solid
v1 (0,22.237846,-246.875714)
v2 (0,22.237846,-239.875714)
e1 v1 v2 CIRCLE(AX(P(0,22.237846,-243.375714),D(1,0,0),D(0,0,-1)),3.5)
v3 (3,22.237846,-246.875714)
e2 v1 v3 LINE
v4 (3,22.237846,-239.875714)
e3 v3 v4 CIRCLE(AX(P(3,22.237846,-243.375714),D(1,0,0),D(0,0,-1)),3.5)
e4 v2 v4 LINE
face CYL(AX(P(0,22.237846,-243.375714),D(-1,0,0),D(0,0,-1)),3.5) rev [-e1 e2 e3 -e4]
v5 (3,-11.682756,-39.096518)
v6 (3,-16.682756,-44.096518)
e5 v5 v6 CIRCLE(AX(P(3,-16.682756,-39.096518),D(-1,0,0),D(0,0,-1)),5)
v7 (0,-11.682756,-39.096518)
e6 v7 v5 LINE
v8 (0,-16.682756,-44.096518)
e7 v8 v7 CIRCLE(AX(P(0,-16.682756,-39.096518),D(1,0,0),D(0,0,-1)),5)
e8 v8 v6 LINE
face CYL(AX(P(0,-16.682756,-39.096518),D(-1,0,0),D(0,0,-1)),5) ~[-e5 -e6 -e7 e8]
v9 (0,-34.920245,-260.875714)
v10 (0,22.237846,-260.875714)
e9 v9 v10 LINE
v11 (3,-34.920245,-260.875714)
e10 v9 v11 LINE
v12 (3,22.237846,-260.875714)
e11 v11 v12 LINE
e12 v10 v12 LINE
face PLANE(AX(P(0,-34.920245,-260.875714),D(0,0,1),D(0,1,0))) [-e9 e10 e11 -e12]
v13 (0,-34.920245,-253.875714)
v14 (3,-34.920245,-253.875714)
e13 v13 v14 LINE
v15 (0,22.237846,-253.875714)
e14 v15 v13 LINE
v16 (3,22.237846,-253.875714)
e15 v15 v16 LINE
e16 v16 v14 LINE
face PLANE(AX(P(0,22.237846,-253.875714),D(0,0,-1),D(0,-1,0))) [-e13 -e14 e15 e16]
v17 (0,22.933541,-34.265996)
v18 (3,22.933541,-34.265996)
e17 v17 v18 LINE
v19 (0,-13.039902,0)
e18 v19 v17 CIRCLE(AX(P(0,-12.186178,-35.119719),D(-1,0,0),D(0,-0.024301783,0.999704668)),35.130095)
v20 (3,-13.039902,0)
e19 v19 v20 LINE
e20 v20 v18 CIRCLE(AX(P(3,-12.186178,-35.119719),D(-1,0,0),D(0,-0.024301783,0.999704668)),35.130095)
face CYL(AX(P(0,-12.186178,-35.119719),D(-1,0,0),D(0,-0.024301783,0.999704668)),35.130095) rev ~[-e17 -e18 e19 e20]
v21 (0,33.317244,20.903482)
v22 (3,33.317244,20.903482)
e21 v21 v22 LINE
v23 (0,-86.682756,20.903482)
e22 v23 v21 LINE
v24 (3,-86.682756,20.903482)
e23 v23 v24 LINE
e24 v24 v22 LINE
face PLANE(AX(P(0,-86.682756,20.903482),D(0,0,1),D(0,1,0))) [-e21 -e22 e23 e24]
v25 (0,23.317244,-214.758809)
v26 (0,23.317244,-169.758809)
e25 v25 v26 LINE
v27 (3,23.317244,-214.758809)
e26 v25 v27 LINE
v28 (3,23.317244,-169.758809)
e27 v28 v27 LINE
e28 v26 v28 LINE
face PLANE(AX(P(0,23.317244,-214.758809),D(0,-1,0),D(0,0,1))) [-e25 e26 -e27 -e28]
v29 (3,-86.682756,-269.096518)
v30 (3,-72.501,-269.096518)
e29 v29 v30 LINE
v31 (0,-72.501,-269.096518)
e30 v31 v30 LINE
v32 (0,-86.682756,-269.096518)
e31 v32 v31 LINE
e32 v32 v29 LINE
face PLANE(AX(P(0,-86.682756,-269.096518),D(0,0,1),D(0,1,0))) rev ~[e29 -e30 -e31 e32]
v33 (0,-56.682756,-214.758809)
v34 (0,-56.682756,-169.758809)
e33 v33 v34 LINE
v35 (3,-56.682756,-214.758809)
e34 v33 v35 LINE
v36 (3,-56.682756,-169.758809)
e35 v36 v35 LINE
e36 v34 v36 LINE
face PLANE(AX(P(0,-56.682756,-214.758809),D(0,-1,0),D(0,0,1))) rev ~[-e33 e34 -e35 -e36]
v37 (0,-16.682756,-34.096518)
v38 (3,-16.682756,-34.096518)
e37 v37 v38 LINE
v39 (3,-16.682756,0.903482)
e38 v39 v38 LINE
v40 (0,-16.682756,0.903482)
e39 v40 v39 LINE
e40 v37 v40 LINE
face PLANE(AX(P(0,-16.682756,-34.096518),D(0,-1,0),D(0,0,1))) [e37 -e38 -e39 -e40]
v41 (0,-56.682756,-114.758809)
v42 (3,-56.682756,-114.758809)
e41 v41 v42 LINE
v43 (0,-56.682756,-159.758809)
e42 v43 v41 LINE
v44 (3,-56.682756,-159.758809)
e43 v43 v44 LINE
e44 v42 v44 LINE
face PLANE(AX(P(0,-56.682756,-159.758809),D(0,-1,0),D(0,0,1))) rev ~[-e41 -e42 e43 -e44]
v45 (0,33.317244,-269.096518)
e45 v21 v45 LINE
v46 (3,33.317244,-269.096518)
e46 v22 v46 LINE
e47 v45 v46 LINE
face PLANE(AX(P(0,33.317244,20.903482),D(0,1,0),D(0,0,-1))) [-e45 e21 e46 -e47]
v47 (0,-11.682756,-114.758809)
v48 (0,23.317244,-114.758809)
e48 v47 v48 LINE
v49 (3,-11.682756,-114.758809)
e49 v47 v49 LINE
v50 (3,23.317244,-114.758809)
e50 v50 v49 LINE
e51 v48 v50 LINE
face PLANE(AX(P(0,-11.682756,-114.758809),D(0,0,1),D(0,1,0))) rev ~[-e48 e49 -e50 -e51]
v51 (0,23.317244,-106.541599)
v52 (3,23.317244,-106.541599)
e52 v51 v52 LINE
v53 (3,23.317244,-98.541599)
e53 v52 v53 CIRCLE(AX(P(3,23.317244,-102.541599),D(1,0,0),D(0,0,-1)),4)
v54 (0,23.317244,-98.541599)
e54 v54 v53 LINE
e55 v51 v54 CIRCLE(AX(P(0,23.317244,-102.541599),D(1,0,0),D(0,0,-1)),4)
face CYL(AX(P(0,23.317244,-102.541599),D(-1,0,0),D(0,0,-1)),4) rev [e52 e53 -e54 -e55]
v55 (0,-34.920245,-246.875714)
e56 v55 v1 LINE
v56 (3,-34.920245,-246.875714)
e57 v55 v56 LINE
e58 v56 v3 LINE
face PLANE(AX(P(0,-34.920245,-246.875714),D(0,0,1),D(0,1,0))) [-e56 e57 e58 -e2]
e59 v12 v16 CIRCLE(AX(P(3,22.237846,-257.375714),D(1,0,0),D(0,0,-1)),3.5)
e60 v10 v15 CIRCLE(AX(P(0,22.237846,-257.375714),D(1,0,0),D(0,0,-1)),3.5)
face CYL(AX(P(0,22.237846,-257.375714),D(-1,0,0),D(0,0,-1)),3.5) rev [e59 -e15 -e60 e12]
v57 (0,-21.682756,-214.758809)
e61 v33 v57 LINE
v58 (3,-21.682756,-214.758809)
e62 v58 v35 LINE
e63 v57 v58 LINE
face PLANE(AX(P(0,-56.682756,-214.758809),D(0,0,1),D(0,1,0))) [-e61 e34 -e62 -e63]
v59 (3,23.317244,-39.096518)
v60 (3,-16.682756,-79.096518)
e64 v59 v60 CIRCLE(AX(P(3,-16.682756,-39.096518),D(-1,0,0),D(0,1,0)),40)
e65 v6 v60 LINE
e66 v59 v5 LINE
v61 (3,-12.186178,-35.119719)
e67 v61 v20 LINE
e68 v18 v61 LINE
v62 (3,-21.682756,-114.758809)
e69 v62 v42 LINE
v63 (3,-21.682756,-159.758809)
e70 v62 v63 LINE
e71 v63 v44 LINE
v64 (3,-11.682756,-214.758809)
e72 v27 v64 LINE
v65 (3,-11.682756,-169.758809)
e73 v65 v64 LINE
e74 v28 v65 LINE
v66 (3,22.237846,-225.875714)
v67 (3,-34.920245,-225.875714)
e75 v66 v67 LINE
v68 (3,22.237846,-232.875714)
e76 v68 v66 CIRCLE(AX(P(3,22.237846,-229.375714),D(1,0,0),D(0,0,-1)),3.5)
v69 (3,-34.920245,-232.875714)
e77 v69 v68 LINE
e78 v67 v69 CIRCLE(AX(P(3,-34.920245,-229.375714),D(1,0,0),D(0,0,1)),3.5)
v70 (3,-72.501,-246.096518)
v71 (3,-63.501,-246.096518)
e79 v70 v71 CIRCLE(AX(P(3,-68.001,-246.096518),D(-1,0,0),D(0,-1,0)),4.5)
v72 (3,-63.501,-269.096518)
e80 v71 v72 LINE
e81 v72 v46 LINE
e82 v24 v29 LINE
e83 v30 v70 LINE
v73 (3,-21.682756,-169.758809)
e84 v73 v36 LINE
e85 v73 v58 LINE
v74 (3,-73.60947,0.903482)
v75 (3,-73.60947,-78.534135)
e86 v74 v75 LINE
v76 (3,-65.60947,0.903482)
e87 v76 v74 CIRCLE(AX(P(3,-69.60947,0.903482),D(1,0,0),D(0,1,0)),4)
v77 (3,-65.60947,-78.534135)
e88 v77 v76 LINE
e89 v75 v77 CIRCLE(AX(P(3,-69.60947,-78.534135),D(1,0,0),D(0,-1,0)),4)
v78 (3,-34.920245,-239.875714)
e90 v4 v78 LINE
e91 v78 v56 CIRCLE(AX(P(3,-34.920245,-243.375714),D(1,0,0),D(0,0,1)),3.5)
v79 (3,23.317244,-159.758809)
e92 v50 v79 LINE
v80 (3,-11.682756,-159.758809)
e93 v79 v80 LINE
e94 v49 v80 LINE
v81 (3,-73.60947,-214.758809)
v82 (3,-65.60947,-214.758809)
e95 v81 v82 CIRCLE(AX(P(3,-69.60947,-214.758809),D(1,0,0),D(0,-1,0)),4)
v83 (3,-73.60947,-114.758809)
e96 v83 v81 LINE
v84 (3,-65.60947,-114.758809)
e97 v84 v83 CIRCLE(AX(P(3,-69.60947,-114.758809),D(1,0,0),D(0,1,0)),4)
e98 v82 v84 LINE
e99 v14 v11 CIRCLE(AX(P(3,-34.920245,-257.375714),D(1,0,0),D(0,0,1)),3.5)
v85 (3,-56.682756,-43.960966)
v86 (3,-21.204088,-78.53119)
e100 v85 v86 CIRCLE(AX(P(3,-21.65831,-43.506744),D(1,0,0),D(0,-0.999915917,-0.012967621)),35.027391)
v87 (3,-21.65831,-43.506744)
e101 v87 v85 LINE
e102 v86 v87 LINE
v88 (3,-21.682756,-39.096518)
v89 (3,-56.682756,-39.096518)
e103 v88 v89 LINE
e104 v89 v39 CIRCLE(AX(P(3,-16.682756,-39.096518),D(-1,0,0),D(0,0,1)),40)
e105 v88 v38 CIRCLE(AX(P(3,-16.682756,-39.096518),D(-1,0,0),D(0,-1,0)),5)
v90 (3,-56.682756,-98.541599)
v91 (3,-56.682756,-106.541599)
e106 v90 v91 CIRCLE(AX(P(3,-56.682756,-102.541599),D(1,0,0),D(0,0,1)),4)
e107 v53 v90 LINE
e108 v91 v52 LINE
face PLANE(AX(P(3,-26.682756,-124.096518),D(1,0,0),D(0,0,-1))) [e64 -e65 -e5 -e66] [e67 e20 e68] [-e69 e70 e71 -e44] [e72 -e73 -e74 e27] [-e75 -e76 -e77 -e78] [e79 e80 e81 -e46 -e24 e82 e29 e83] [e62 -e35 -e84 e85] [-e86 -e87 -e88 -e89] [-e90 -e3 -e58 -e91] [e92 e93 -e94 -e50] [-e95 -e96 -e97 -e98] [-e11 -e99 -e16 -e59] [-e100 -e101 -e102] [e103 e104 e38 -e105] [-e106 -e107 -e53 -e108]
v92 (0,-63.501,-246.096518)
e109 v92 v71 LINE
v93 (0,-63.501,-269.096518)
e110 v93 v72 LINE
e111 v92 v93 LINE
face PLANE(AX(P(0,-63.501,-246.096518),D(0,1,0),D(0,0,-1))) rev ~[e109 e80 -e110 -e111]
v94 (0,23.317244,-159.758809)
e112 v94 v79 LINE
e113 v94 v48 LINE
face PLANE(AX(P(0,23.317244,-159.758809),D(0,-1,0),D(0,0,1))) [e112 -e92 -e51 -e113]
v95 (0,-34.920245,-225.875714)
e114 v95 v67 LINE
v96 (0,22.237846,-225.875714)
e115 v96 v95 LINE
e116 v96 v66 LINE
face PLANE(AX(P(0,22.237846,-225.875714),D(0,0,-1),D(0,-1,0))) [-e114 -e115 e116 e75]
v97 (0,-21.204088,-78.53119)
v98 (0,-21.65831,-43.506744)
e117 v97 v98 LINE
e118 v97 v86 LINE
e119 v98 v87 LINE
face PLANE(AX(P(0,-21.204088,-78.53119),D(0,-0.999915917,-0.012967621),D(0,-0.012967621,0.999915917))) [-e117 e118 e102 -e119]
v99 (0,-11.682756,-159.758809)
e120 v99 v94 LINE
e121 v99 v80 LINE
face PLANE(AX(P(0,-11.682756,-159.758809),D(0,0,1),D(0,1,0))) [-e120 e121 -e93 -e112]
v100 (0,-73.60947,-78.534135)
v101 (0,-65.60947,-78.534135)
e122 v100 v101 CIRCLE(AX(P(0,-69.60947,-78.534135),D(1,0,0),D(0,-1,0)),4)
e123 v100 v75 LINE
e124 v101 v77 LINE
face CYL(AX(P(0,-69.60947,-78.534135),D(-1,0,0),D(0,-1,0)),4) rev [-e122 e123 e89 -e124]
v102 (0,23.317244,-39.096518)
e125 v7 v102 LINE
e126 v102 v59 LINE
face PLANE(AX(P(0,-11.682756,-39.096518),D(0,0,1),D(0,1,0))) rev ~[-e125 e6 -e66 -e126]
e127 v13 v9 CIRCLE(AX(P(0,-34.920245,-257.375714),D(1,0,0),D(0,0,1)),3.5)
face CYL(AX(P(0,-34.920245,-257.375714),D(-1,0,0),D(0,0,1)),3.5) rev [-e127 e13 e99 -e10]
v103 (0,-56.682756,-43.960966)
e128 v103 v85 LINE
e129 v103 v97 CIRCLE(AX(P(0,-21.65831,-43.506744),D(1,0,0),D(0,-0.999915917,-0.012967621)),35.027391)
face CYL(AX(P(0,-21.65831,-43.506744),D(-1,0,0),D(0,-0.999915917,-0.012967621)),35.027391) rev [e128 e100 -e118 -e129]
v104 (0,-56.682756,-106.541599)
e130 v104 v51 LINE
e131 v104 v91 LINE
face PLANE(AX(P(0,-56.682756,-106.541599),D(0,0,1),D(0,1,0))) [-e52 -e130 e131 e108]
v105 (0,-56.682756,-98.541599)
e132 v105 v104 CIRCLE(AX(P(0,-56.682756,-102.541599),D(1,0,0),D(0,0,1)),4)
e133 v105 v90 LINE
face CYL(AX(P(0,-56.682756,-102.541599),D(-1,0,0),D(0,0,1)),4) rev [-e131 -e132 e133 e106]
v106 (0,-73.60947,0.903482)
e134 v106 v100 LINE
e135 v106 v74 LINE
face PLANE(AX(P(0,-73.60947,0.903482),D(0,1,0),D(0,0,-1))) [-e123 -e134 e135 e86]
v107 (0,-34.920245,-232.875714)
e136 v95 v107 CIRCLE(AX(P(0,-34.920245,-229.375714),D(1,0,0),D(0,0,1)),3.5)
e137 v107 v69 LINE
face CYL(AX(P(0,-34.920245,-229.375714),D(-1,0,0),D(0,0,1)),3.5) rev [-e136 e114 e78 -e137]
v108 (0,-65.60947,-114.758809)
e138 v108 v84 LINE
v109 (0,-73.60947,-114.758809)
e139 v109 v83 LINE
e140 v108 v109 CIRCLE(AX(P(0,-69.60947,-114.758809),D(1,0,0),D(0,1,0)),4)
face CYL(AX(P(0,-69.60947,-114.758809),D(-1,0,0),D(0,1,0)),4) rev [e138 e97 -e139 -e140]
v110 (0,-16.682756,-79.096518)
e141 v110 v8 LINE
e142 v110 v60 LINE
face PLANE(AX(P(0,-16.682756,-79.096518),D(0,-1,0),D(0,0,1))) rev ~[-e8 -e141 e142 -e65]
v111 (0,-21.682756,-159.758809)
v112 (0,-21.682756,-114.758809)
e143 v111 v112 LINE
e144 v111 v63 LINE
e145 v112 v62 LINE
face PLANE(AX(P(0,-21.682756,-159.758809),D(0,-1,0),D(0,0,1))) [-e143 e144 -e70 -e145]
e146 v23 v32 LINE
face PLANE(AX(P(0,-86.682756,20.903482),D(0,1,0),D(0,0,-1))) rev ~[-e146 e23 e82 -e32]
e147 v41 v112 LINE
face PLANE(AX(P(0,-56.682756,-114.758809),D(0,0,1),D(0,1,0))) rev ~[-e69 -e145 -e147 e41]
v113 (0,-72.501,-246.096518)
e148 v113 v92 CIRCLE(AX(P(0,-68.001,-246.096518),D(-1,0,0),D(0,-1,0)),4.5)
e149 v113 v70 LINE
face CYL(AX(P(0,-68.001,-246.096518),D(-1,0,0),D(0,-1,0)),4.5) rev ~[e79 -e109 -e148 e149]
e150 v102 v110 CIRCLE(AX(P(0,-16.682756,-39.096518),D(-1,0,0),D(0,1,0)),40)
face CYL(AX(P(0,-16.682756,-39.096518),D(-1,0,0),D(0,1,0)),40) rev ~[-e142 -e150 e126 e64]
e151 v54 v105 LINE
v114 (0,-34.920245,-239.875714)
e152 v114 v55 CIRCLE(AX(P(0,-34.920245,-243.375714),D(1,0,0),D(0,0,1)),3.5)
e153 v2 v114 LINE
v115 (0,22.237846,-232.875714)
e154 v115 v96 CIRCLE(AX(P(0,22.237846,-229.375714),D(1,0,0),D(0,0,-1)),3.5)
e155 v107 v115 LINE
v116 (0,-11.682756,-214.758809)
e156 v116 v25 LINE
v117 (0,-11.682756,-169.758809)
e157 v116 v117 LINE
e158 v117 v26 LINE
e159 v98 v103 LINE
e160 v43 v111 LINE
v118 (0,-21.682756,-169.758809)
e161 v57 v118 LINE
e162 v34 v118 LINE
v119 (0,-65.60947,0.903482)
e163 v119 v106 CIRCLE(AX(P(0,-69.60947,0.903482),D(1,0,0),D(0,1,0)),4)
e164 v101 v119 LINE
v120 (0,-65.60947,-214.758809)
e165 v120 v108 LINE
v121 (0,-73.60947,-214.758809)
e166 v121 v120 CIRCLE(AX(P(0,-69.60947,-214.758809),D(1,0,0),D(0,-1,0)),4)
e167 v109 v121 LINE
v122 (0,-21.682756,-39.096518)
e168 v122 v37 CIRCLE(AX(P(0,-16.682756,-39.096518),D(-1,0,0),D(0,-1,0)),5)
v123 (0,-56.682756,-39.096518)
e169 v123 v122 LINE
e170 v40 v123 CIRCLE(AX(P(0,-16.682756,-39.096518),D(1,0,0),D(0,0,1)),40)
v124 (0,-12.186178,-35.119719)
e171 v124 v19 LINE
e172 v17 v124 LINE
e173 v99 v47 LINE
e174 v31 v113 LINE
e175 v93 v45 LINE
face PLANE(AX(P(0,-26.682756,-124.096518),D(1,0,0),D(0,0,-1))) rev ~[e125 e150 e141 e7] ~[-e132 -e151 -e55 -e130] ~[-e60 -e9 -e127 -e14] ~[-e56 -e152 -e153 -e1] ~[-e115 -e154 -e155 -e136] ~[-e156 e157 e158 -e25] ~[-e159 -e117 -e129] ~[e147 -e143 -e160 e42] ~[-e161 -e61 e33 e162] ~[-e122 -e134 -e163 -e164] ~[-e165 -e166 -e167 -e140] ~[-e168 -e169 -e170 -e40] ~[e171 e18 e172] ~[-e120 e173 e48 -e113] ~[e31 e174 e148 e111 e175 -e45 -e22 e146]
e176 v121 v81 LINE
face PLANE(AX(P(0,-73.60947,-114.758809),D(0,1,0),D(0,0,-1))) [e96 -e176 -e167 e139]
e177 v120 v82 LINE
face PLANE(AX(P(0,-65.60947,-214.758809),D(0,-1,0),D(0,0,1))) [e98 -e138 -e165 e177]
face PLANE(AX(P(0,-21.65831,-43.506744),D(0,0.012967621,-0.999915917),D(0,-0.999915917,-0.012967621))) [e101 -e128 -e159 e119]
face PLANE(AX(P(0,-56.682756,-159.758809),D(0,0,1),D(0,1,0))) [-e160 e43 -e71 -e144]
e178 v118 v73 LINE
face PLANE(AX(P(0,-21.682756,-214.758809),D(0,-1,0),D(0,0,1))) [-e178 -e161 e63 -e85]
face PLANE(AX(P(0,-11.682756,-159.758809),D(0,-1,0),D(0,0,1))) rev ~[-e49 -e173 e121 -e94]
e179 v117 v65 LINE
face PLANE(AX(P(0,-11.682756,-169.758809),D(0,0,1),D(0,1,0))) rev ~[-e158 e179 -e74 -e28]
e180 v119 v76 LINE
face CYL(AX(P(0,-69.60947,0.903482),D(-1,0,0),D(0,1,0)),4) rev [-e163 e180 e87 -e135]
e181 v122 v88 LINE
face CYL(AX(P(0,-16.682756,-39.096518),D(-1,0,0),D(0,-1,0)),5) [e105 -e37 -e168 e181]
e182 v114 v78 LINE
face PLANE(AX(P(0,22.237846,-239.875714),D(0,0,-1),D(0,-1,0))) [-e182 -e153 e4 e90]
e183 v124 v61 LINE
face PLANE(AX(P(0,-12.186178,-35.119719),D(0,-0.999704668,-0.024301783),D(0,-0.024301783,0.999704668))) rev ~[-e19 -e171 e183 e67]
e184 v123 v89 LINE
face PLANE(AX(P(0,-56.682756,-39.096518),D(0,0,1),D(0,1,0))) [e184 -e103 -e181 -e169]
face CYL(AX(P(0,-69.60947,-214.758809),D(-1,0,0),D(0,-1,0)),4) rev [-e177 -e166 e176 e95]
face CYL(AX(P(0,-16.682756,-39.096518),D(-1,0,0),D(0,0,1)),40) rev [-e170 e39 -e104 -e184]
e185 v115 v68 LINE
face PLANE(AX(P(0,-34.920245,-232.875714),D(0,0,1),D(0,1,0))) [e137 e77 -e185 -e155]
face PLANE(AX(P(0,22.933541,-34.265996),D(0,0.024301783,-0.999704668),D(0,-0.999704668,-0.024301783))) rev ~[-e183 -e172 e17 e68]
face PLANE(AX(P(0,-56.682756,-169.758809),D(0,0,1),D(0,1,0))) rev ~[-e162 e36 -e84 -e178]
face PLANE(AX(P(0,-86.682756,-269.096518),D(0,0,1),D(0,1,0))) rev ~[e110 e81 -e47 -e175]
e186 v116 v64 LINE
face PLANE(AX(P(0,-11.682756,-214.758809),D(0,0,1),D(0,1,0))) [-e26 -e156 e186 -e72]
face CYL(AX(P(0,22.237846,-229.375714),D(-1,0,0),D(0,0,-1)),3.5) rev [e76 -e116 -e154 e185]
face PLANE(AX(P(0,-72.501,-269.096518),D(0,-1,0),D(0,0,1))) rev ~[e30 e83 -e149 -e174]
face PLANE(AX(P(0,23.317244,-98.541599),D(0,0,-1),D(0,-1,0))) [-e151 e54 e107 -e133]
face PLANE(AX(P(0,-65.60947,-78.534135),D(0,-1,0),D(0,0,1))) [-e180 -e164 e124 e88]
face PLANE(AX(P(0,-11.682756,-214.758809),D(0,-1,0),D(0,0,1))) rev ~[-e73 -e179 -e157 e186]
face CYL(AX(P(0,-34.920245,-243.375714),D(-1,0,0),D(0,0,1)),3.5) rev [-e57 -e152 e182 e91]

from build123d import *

# Parameters (mm, degrees)
SKETCH_1_W           = 290
SKETCH_1_H           = 120
EXTRUDE_1_DEPTH      = 3
CUT_EXTRUDE_5_DEPTH  = 10
CUT_EXTRUDE_6_DEPTH  = 3
SKETCH_4_W           = 45
SKETCH_4_H           = 35
CUT_EXTRUDE_10_DEPTH = 10
CUT_EXTRUDE_11_DEPTH = 3
CUT_EXTRUDE_12_DEPTH = 3
CUT_EXTRUDE_13_DEPTH = 3


with BuildPart() as part:
    # 草图1 → 凸台-拉伸1 (new body)
    with BuildSketch(Plane(origin=(0, 0, 0), x_dir=(0, 0, -1), z_dir=(1, 0, 0))):
        with Locations((124.096517683, -26.682755594)):
            Rectangle(SKETCH_1_W, SKETCH_1_H)
    extrude(amount=EXTRUDE_1_DEPTH)

    # 草图2 → 切除-拉伸5 (cut)
    with BuildSketch(Plane.ZY):
        with BuildLine():
            ThreePointArc((-39.096517683, 23.317244406), (-67.38078893, 11.601515654), (-79.096517683, -16.682755594))
            Line((-79.096517683, -16.682755594), (-44.096517683, -16.682755594))
            ThreePointArc((-44.096517683, -16.682755594), (-42.632051589, -13.147221688), (-39.096517683, -11.682755594))
            Line((-39.096517683, -11.682755594), (-39.096517683, 23.317244406))
        make_face()
        with BuildLine():
            Line((0.903482317, -16.682755594), (-34.096517683, -16.682755594))
            ThreePointArc((-34.096517683, -16.682755594), (-35.560983777, -20.2182895), (-39.096517683, -21.682755594))
            Line((-39.096517683, -21.682755594), (-39.096517683, -56.682755594))
            ThreePointArc((-39.096517683, -56.682755594), (-10.812246435, -44.967026841), (0.903482317, -16.682755594))
        make_face()
    extrude(amount=-CUT_EXTRUDE_5_DEPTH, mode=Mode.SUBTRACT)

    # 草图3 → 切除-拉伸6 (cut)
    with BuildSketch(Plane.ZY):
        with BuildLine():
            Line((-78.531190081, -21.204087707), (-43.506744141, -21.658309654))
            Line((-43.506744141, -21.658309654), (-43.960966088, -56.682755594))
            ThreePointArc((-43.960966088, -56.682755594), (-68.593950791, -46.103149466), (-78.531190081, -21.204087707))
        make_face()
        with BuildLine():
            Line((-34.265995521, 22.933541451), (-35.119719469, -12.186178019))
            Line((-35.119719469, -12.186178019), (0, -13.039901967))
            ThreePointArc((0, -13.039901967), (-9.682653686, 12.043539778), (-34.265995521, 22.933541451))
        make_face()
    extrude(amount=-CUT_EXTRUDE_6_DEPTH, mode=Mode.SUBTRACT)

    # 草图4 → 切除-拉伸10 (cut)
    with BuildSketch(Plane.ZY):
        with Locations((-192.258808878, 5.817244406)):
            Rectangle(SKETCH_4_W, SKETCH_4_H)
        with Locations((-137.258808878, 5.817244406)):
            Rectangle(SKETCH_4_W, SKETCH_4_H)
        with Locations((-192.258808878, -39.182755594)):
            Rectangle(SKETCH_4_W, SKETCH_4_H)
        with Locations((-137.258808878, -39.182755594)):
            Rectangle(SKETCH_4_W, SKETCH_4_H)
    extrude(amount=-CUT_EXTRUDE_10_DEPTH, mode=Mode.SUBTRACT)

    # 草图5 → 切除-拉伸11 (cut)
    with BuildSketch(Plane.ZY):
        with BuildLine():
            Line((-239.875713673, 22.237845944), (-239.875713673, -34.9202452))
            ThreePointArc((-239.875713673, -34.9202452), (-243.375713673, -38.4202452), (-246.875713673, -34.9202452))
            Line((-246.875713673, -34.9202452), (-246.875713673, 22.237845944))
            ThreePointArc((-246.875713673, 22.237845944), (-243.375713673, 25.737845944), (-239.875713673, 22.237845944))
        make_face()
        with BuildLine():
            Line((-225.875713673, 22.237845944), (-225.875713673, -34.9202452))
            ThreePointArc((-225.875713673, -34.9202452), (-229.375713673, -38.4202452), (-232.875713673, -34.9202452))
            Line((-232.875713673, -34.9202452), (-232.875713673, 22.237845944))
            ThreePointArc((-232.875713673, 22.237845944), (-229.375713673, 25.737845944), (-225.875713673, 22.237845944))
        make_face()
        with BuildLine():
            Line((-253.875713673, 22.237845944), (-253.875713673, -34.9202452))
            ThreePointArc((-253.875713673, -34.9202452), (-257.375713673, -38.4202452), (-260.875713673, -34.9202452))
            Line((-260.875713673, -34.9202452), (-260.875713673, 22.237845944))
            ThreePointArc((-260.875713673, 22.237845944), (-257.375713673, 25.737845944), (-253.875713673, 22.237845944))
        make_face()
    extrude(amount=-CUT_EXTRUDE_11_DEPTH, mode=Mode.SUBTRACT)

    # 草图6 → 切除-拉伸12 (cut)
    with BuildSketch(Plane.ZY):
        with BuildLine():
            Line((-214.758808878, -65.609469687), (-114.758808878, -65.609469687))
            ThreePointArc((-114.758808878, -65.609469687), (-110.758808878, -69.609469687), (-114.758808878, -73.609469687))
            Line((-114.758808878, -73.609469687), (-214.758808878, -73.609469687))
            ThreePointArc((-214.758808878, -73.609469687), (-218.758808878, -69.609469687), (-214.758808878, -65.609469687))
        make_face()
        with BuildLine():
            Line((-98.541599086, 23.317244406), (-98.541599086, -56.682755594))
            ThreePointArc((-98.541599086, -56.682755594), (-102.541599086, -60.682755594), (-106.541599086, -56.682755594))
            Line((-106.541599086, -56.682755594), (-106.541599086, 23.317244406))
            ThreePointArc((-106.541599086, 23.317244406), (-102.541599086, 27.317244406), (-98.541599086, 23.317244406))
        make_face()
        with BuildLine():
            Line((0.903482317, -73.609469687), (-78.534135294, -73.609469687))
            ThreePointArc((-78.534135294, -73.609469687), (-82.534135294, -69.609469687), (-78.534135294, -65.609469687))
            Line((-78.534135294, -65.609469687), (0.903482317, -65.609469687))
            ThreePointArc((0.903482317, -65.609469687), (4.903482317, -69.609469687), (0.903482317, -73.609469687))
        make_face()
    extrude(amount=-CUT_EXTRUDE_12_DEPTH, mode=Mode.SUBTRACT)

    # 草图7 → 切除-拉伸13 (cut)
    with BuildSketch(Plane.ZY):
        with BuildLine():
            Line((-269.096517683, -72.501000298), (-246.096517683, -72.501000298))
            ThreePointArc((-246.096517683, -72.501000298), (-241.596517683, -68.001000298), (-246.096517683, -63.501000298))
            Line((-246.096517683, -63.501000298), (-269.096517683, -63.501000298))
            Line((-269.096517683, -63.501000298), (-269.096517683, -72.501000298))
        make_face()
    extrude(amount=-CUT_EXTRUDE_13_DEPTH, mode=Mode.SUBTRACT)


solid = part.part
